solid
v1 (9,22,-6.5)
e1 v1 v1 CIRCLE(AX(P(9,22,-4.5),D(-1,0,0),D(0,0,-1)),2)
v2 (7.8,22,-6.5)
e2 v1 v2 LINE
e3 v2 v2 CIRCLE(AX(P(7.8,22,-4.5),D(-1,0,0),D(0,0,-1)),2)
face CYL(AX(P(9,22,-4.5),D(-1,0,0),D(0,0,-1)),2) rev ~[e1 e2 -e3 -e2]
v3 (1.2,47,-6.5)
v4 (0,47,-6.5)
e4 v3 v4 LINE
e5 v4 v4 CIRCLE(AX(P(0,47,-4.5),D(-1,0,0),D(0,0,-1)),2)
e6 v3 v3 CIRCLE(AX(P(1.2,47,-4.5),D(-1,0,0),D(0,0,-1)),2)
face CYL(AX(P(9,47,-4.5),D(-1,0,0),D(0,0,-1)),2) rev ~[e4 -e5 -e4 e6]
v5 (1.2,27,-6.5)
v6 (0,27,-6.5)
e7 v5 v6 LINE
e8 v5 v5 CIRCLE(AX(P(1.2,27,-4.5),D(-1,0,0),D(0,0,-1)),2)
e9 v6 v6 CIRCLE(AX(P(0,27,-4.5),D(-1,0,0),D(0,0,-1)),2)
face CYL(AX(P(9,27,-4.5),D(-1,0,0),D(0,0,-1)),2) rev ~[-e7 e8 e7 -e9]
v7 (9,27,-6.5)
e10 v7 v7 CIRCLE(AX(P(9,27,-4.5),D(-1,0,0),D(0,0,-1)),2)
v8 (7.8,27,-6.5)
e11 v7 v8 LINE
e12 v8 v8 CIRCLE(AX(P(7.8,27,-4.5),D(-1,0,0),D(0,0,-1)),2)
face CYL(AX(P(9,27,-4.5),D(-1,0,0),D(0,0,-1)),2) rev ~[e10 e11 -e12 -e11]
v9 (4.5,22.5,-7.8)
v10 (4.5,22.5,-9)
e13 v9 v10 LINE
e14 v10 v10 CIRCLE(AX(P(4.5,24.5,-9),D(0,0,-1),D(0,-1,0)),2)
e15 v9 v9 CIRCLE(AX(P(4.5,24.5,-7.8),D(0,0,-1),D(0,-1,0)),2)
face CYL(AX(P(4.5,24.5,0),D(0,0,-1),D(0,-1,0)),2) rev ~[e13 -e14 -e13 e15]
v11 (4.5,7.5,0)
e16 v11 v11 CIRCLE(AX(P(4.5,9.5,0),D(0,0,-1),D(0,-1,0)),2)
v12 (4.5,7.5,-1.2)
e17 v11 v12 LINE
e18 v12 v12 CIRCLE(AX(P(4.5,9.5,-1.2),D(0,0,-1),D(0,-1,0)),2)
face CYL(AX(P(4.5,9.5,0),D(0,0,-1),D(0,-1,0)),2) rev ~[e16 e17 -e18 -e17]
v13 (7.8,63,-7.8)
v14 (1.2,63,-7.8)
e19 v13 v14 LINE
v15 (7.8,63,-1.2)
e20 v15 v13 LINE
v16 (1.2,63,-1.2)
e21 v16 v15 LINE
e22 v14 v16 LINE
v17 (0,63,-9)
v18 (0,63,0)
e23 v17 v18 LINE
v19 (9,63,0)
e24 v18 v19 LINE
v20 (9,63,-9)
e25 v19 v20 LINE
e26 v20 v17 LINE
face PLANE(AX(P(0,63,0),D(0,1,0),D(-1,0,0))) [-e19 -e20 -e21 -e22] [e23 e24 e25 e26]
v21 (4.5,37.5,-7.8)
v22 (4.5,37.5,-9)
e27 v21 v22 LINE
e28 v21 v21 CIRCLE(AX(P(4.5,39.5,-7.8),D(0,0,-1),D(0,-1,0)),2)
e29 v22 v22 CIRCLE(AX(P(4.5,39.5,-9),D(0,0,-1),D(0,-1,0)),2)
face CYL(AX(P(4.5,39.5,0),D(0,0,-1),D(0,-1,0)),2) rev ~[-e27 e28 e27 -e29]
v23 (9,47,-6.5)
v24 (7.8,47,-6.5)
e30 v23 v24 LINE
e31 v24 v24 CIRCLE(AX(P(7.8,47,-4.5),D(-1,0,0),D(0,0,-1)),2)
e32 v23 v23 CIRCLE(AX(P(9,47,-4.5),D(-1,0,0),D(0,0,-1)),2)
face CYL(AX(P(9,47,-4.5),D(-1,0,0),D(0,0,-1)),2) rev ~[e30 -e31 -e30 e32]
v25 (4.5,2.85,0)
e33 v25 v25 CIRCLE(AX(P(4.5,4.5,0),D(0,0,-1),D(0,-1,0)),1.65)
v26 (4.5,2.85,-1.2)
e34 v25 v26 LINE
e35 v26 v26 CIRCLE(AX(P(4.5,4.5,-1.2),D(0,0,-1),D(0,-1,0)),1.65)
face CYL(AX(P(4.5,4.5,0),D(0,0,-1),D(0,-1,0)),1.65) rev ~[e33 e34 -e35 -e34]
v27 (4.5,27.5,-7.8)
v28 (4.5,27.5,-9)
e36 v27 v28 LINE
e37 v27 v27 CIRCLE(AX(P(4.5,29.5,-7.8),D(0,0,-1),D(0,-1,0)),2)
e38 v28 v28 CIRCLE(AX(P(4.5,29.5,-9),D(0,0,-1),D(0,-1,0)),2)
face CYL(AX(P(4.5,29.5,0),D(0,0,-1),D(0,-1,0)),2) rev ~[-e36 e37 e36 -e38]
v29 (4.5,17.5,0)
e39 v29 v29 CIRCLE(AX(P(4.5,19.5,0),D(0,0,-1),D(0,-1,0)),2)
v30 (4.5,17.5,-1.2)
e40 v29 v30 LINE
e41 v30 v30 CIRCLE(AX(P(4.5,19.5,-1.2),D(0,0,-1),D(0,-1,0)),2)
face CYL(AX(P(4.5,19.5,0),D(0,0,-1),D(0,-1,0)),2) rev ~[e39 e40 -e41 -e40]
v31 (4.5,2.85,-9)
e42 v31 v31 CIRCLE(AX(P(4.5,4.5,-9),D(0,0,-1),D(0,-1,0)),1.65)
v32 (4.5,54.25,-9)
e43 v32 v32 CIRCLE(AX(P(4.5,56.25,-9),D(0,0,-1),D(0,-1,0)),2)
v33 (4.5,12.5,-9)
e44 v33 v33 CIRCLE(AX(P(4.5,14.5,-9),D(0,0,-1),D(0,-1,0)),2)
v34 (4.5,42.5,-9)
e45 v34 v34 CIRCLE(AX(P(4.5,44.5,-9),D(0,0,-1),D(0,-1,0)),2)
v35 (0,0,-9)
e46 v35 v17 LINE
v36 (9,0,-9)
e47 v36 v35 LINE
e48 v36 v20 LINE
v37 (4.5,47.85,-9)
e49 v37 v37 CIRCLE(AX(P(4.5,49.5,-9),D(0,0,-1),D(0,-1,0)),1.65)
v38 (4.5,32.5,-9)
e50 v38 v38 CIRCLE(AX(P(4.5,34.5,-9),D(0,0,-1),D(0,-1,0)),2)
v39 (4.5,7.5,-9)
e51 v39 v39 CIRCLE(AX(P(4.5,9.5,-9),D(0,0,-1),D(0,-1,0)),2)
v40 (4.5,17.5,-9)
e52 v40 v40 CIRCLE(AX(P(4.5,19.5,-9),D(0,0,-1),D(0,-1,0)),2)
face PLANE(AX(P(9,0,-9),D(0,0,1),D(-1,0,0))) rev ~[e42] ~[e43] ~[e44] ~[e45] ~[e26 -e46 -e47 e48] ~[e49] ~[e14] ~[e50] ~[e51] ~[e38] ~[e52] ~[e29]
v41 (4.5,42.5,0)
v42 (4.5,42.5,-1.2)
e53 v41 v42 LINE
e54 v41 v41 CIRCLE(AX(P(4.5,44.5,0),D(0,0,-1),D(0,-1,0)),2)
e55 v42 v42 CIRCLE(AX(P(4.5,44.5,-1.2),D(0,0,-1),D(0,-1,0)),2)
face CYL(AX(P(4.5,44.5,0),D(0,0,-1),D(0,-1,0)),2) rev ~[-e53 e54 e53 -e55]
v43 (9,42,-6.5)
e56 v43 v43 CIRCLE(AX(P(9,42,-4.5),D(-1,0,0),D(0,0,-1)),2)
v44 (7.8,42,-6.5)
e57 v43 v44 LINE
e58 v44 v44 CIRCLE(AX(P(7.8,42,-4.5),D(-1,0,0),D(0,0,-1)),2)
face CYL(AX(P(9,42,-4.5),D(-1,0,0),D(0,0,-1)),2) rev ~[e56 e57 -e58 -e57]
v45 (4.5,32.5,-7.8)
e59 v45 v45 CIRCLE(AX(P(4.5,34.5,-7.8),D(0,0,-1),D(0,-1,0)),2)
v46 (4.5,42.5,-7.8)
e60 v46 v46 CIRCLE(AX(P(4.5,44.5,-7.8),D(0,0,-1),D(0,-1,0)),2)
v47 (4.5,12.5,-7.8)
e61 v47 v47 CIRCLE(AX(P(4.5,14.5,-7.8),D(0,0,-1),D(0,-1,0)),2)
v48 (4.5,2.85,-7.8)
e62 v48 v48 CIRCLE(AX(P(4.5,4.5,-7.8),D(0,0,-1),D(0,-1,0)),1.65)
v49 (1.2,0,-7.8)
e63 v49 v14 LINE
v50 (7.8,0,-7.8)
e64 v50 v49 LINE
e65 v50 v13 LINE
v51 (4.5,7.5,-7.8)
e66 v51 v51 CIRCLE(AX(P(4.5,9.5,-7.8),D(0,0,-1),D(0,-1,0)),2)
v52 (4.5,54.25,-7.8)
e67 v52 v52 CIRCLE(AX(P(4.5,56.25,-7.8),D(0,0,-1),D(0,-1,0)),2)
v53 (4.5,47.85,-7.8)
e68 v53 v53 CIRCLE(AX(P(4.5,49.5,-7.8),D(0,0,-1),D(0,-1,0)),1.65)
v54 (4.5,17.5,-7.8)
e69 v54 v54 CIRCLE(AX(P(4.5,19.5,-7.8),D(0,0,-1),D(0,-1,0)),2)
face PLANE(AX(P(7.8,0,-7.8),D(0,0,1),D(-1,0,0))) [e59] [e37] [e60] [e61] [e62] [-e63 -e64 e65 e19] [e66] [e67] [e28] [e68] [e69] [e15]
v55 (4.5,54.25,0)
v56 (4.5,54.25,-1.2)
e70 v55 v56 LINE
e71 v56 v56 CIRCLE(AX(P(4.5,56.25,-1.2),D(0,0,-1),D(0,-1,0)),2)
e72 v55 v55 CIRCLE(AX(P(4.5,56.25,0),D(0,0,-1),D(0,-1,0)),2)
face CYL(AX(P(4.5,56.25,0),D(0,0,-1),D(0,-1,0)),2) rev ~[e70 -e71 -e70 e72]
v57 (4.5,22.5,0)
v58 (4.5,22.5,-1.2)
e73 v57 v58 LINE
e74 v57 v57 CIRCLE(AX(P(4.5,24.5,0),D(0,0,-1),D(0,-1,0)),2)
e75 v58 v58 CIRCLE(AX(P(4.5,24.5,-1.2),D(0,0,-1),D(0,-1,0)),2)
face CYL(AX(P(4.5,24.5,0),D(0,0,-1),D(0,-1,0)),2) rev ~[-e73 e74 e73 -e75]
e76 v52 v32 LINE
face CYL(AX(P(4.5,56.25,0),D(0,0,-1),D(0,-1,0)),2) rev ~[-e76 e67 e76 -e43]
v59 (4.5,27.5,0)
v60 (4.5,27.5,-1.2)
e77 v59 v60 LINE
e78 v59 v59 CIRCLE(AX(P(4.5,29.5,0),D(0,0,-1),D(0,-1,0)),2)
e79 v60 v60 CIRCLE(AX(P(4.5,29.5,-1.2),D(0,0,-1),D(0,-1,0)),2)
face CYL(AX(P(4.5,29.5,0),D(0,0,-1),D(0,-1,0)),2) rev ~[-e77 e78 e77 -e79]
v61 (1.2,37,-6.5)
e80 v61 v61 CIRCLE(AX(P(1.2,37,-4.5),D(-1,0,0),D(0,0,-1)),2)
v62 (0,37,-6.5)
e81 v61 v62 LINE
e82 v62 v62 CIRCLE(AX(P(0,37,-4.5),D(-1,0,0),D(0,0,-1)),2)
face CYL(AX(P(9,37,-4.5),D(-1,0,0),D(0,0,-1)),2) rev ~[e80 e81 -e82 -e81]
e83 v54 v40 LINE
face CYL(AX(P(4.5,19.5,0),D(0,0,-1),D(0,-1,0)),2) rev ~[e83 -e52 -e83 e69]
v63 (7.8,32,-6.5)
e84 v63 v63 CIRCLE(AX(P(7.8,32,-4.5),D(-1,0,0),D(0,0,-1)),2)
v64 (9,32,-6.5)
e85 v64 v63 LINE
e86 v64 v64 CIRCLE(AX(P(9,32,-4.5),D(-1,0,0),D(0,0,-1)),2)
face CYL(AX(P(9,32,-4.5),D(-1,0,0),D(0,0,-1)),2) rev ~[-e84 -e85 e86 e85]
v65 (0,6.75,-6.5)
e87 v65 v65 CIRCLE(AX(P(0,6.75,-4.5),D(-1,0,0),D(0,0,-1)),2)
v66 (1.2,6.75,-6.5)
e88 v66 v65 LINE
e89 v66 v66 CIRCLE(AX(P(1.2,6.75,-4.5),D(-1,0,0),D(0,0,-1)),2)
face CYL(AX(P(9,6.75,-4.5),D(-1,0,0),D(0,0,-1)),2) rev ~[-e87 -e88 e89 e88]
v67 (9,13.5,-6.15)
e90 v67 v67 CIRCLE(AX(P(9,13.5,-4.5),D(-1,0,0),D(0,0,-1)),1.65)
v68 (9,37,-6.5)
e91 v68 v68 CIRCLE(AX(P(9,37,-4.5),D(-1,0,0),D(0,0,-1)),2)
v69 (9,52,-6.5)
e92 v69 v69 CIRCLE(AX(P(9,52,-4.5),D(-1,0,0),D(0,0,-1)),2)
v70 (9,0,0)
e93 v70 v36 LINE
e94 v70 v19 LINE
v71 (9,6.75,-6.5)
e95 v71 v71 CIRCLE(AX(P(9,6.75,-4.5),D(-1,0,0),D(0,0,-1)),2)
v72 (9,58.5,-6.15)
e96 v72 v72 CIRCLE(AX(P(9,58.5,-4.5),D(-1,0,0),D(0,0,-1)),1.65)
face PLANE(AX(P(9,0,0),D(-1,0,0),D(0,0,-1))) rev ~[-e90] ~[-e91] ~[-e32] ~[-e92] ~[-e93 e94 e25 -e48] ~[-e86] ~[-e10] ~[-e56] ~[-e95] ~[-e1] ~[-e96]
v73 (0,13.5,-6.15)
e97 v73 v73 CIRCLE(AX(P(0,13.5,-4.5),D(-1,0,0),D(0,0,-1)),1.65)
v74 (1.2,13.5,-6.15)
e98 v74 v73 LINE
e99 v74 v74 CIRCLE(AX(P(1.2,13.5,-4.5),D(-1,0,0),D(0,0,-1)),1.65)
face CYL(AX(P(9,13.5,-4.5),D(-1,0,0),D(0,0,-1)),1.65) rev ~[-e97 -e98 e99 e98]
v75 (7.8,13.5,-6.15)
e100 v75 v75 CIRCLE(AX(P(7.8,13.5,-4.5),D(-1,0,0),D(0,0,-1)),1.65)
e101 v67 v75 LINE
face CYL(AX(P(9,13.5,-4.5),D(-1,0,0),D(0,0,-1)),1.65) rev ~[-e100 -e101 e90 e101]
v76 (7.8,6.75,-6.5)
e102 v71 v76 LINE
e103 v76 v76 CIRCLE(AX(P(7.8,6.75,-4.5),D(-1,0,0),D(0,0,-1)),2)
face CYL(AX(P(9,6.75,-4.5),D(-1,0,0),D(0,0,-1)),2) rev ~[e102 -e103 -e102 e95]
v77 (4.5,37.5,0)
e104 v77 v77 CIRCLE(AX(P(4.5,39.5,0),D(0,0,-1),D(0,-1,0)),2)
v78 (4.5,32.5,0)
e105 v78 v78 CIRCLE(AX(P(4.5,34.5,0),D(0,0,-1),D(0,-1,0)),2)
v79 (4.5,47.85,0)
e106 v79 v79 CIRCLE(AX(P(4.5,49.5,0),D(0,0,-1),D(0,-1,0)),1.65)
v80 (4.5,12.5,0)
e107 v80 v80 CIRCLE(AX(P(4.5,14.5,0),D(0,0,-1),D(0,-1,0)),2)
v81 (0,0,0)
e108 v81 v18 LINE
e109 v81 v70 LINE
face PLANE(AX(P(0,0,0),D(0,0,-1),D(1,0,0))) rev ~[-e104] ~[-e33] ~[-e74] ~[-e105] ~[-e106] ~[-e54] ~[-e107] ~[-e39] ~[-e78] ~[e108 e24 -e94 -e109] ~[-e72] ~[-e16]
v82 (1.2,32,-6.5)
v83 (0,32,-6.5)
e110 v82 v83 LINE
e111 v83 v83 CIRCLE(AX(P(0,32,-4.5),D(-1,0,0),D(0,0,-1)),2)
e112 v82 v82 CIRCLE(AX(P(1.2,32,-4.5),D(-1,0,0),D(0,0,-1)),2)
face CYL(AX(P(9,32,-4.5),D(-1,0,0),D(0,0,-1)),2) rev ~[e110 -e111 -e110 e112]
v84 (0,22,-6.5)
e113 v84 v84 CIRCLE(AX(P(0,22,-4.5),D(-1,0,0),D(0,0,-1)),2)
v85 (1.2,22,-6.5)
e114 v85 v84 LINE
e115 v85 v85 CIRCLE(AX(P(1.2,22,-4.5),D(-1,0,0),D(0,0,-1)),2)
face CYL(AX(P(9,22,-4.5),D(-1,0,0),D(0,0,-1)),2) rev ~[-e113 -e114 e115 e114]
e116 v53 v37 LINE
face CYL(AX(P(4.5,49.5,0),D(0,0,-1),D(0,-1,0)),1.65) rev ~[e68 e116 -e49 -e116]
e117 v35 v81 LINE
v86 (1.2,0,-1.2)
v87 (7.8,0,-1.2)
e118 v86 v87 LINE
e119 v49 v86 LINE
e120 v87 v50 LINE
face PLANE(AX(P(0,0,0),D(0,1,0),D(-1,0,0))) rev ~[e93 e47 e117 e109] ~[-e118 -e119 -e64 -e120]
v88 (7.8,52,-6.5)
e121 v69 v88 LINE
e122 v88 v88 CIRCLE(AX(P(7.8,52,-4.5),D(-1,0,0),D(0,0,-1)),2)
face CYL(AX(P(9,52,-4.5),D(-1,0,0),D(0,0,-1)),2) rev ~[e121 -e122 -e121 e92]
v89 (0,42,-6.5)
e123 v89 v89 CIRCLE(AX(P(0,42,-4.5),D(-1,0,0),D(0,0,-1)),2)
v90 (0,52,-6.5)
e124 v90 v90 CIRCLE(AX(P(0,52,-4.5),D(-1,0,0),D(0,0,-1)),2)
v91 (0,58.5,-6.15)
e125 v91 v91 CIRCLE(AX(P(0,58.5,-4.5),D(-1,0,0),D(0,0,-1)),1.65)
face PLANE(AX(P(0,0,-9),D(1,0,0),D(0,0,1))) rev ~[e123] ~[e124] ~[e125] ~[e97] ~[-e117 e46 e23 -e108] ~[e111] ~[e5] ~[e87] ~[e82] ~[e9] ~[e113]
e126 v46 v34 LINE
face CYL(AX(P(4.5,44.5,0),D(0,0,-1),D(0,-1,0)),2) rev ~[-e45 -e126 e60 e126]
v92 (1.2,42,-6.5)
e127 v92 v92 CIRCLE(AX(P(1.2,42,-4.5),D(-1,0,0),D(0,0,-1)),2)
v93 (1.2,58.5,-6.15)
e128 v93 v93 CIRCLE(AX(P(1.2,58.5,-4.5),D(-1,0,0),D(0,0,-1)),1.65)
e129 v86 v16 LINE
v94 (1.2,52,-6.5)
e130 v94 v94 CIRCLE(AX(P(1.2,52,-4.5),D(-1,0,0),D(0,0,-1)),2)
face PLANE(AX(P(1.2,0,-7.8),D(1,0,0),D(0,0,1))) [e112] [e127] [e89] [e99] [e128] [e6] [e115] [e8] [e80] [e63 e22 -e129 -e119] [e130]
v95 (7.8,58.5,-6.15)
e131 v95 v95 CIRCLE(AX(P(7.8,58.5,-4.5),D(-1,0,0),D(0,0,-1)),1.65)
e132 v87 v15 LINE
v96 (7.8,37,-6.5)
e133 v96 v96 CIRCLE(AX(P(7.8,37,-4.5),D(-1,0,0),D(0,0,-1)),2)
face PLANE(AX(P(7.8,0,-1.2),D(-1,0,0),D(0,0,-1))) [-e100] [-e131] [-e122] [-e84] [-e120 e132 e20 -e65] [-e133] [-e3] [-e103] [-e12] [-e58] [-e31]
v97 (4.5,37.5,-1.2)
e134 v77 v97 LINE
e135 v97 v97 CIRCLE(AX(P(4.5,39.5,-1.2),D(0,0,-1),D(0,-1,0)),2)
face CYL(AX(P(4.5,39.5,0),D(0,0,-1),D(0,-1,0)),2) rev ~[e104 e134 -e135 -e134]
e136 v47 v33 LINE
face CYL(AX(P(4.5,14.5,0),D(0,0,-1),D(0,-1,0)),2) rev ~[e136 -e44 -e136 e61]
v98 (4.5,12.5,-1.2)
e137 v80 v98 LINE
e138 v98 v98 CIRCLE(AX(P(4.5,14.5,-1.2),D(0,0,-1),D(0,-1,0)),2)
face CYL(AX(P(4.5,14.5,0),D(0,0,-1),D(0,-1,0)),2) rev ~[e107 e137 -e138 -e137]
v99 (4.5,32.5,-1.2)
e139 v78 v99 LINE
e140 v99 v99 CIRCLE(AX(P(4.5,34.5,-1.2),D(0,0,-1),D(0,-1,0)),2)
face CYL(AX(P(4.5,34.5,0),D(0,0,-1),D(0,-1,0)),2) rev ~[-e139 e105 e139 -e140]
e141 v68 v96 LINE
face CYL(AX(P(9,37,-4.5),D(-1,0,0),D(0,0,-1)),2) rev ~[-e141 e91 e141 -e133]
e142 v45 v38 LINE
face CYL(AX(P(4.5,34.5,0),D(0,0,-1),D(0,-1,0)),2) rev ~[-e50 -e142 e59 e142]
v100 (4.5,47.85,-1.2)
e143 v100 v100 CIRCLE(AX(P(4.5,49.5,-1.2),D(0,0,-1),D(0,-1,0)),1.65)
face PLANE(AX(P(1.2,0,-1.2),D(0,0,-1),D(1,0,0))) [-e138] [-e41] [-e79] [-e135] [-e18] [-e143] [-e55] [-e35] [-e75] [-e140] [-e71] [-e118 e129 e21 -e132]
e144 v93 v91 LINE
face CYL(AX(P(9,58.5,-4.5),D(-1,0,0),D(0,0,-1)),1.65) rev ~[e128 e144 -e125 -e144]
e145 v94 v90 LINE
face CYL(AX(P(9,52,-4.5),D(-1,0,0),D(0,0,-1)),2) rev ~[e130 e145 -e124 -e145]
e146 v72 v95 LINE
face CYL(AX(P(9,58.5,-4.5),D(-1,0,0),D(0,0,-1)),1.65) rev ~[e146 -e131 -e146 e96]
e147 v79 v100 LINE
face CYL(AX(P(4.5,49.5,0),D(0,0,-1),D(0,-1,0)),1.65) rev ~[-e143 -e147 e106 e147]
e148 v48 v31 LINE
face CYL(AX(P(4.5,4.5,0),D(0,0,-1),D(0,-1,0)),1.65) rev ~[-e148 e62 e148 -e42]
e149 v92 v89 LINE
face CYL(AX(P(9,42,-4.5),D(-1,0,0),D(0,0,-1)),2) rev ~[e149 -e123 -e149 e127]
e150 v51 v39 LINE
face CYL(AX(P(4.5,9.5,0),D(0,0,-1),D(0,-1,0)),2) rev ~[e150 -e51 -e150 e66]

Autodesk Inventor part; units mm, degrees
ref_plane "YZ Plane" through (0, 0, 0) normal (1, 0, 0) x (0, 1, 0)
ref_plane "XZ Plane" through (0, 0, 0) normal (0, 1, 0) x (-1, 0, 0)
ref_plane "XY Plane" through (0, 0, 0) normal (0, 0, 1) x (1, 0, 0)
sketch "スケッチ1" plane through (0, 0, 0) normal (0, 1, 0) x (-1, 0, 0)
  line L0 (0, 0) -> (-9, 0)
  line L1 (-9, 0) -> (-9, -9)
  line L2 (-9, -9) -> (0, -9)
  line L3 (0, -9) -> (0, 0)
  line L4 (-1.2, -1.2) -> (-7.8, -1.2)
  line L5 (-7.8, -1.2) -> (-7.8, -7.8)
  line L6 (-7.8, -7.8) -> (-1.2, -7.8)
  line L7 (-1.2, -7.8) -> (-1.2, -1.2)
  dimension "d0" = 9
  dimension "d1" = 9
  dimension "d2" = 1.2
  dimension "d3" = 1.2
  dimension "d4" = 1.2
  dimension "d5" = 1.2
extrude "押し出し1" add sketch "スケッチ1" along normal blind 63
sketch "スケッチ2" plane through (9, 0, 0) normal (1, 0, 0) x (0, 0, -1)
  line L0 (0, 63) -> (9, 63) projected
  line L1 (9, 0) -> (9, 63) projected
  line L2 (0, 0) -> (9, 0) projected
  point P0 (4.5, 58.5)
  point P1 (4.5, 13.5)
  dimension "d8" = 4.5
  dimension "d9" = 4.5
  dimension "d10" = 4.5
  dimension "d11" = 13.5
hole "穴1" at (9, 58.5, -4.5) at (9, 13.5, -4.5) direction (-1, 0, 0) diameter 3.3 end through all
sketch "スケッチ3" plane through (0, 0, 0) normal (0, 0, 1) x (1, 0, 0)
  line L0 (0, 0) -> (0, 63) projected
  line L1 (0, 0) -> (9, 0) projected
  line L2 (0, 63) -> (9, 63) projected
  point P0 (4.5, 49.5)
  point P1 (4.5, 4.5)
  dimension "d19" = 4.5
  dimension "d20" = 4.5
  dimension "d21" = 13.5
  dimension "d22" = 4.5
hole "穴2" at (4.5, 49.5, 0) at (4.5, 4.5, 0) direction (0, 0, -1) diameter 3.3 end through all
sketch "スケッチ4" plane through (9, 0, 0) normal (1, 0, 0) x (0, 0, -1)
  line L0 (0, 0) -> (9, 0) projected
  line L1 (9, 0) -> (9, 63) projected
  point P0 (4.5, 22)
  dimension "d30" = 22
  dimension "d31" = 4.5
hole "穴3" at (9, 22, -4.5) direction (-1, 0, 0) diameter 4 end through all
sketch "スケッチ5" plane through (0, 0, 0) normal (0, 0, 1) x (1, 0, 0)
  line L0 (0, 63) -> (9, 63) projected
  line L1 (9, 0) -> (9, 63) projected
  circle A0 centre (4.5, 49.5) radius 1.65 projected
  point P0 (0, 0)
  point P1 (4.5, 56.25)
  point P2 (4.5, 44.5)
  point P3 (4.5, 39.5)
  point P4 (4.5, 34.5)
  point P5 (4.5, 29.5)
  point P6 (4.5, 24.5)
  point P7 (4.5, 19.5)
  point P8 (4.5, 14.5)
  point P9 (4.5, 9.5)
  dimension "d39" = 6.75
  dimension "d40" = 4.5
  dimension "d41" = 4.5
  dimension "d42" = 5
  dimension "d45" = 5
hole "穴4" at (4.5, 56.25, 0) at (4.5, 44.5, 0) at (4.5, 39.5, 0) at (4.5, 34.5, 0) at (4.5, 29.5, 0) at (4.5, 24.5, 0) at (4.5, 19.5, 0) at (4.5, 14.5, 0) at (4.5, 9.5, 0) direction (0, 0, -1) diameter 4 end through all
sketch "スケッチ7" plane through (9, 0, 0) normal (1, 0, 0) x (0, 0, -1)
  line L0 (0, 0) -> (0, 63) projected
  line L1 (0, 0) -> (9, 0) projected
  circle A0 centre (4.5, 22) radius 2 projected
  point P0 (4.5, 6.75)
  point P1 (4.5, 27)
  point P2 (4.5, 32)
  point P3 (4.5, 37)
  point P4 (4.5, 42)
  point P5 (4.5, 47)
  point P6 (4.5, 52)
  dimension "d57" = 4.5
  dimension "d58" = 4.5
  dimension "d59" = 6.75
  dimension "d60" = 5
  dimension "d63" = 5
hole "穴5" at (9, 6.75, -4.5) at (9, 27, -4.5) at (9, 32, -4.5) at (9, 37, -4.5) at (9, 42, -4.5) at (9, 47, -4.5) at (9, 52, -4.5) direction (-1, 0, 0) diameter 4 end through all
equation "\"d4\" = d3"
equation "\"d5\" = d4"
equation "\"d9\" = d8"
equation "\"d10\" = d9"
equation "\"d20\" = d19"
equation "\"d22\" = d19"
equation "\"d58\" = d57"
properties part number "ハンド9x9_4" material "アルミニウム 6061"
